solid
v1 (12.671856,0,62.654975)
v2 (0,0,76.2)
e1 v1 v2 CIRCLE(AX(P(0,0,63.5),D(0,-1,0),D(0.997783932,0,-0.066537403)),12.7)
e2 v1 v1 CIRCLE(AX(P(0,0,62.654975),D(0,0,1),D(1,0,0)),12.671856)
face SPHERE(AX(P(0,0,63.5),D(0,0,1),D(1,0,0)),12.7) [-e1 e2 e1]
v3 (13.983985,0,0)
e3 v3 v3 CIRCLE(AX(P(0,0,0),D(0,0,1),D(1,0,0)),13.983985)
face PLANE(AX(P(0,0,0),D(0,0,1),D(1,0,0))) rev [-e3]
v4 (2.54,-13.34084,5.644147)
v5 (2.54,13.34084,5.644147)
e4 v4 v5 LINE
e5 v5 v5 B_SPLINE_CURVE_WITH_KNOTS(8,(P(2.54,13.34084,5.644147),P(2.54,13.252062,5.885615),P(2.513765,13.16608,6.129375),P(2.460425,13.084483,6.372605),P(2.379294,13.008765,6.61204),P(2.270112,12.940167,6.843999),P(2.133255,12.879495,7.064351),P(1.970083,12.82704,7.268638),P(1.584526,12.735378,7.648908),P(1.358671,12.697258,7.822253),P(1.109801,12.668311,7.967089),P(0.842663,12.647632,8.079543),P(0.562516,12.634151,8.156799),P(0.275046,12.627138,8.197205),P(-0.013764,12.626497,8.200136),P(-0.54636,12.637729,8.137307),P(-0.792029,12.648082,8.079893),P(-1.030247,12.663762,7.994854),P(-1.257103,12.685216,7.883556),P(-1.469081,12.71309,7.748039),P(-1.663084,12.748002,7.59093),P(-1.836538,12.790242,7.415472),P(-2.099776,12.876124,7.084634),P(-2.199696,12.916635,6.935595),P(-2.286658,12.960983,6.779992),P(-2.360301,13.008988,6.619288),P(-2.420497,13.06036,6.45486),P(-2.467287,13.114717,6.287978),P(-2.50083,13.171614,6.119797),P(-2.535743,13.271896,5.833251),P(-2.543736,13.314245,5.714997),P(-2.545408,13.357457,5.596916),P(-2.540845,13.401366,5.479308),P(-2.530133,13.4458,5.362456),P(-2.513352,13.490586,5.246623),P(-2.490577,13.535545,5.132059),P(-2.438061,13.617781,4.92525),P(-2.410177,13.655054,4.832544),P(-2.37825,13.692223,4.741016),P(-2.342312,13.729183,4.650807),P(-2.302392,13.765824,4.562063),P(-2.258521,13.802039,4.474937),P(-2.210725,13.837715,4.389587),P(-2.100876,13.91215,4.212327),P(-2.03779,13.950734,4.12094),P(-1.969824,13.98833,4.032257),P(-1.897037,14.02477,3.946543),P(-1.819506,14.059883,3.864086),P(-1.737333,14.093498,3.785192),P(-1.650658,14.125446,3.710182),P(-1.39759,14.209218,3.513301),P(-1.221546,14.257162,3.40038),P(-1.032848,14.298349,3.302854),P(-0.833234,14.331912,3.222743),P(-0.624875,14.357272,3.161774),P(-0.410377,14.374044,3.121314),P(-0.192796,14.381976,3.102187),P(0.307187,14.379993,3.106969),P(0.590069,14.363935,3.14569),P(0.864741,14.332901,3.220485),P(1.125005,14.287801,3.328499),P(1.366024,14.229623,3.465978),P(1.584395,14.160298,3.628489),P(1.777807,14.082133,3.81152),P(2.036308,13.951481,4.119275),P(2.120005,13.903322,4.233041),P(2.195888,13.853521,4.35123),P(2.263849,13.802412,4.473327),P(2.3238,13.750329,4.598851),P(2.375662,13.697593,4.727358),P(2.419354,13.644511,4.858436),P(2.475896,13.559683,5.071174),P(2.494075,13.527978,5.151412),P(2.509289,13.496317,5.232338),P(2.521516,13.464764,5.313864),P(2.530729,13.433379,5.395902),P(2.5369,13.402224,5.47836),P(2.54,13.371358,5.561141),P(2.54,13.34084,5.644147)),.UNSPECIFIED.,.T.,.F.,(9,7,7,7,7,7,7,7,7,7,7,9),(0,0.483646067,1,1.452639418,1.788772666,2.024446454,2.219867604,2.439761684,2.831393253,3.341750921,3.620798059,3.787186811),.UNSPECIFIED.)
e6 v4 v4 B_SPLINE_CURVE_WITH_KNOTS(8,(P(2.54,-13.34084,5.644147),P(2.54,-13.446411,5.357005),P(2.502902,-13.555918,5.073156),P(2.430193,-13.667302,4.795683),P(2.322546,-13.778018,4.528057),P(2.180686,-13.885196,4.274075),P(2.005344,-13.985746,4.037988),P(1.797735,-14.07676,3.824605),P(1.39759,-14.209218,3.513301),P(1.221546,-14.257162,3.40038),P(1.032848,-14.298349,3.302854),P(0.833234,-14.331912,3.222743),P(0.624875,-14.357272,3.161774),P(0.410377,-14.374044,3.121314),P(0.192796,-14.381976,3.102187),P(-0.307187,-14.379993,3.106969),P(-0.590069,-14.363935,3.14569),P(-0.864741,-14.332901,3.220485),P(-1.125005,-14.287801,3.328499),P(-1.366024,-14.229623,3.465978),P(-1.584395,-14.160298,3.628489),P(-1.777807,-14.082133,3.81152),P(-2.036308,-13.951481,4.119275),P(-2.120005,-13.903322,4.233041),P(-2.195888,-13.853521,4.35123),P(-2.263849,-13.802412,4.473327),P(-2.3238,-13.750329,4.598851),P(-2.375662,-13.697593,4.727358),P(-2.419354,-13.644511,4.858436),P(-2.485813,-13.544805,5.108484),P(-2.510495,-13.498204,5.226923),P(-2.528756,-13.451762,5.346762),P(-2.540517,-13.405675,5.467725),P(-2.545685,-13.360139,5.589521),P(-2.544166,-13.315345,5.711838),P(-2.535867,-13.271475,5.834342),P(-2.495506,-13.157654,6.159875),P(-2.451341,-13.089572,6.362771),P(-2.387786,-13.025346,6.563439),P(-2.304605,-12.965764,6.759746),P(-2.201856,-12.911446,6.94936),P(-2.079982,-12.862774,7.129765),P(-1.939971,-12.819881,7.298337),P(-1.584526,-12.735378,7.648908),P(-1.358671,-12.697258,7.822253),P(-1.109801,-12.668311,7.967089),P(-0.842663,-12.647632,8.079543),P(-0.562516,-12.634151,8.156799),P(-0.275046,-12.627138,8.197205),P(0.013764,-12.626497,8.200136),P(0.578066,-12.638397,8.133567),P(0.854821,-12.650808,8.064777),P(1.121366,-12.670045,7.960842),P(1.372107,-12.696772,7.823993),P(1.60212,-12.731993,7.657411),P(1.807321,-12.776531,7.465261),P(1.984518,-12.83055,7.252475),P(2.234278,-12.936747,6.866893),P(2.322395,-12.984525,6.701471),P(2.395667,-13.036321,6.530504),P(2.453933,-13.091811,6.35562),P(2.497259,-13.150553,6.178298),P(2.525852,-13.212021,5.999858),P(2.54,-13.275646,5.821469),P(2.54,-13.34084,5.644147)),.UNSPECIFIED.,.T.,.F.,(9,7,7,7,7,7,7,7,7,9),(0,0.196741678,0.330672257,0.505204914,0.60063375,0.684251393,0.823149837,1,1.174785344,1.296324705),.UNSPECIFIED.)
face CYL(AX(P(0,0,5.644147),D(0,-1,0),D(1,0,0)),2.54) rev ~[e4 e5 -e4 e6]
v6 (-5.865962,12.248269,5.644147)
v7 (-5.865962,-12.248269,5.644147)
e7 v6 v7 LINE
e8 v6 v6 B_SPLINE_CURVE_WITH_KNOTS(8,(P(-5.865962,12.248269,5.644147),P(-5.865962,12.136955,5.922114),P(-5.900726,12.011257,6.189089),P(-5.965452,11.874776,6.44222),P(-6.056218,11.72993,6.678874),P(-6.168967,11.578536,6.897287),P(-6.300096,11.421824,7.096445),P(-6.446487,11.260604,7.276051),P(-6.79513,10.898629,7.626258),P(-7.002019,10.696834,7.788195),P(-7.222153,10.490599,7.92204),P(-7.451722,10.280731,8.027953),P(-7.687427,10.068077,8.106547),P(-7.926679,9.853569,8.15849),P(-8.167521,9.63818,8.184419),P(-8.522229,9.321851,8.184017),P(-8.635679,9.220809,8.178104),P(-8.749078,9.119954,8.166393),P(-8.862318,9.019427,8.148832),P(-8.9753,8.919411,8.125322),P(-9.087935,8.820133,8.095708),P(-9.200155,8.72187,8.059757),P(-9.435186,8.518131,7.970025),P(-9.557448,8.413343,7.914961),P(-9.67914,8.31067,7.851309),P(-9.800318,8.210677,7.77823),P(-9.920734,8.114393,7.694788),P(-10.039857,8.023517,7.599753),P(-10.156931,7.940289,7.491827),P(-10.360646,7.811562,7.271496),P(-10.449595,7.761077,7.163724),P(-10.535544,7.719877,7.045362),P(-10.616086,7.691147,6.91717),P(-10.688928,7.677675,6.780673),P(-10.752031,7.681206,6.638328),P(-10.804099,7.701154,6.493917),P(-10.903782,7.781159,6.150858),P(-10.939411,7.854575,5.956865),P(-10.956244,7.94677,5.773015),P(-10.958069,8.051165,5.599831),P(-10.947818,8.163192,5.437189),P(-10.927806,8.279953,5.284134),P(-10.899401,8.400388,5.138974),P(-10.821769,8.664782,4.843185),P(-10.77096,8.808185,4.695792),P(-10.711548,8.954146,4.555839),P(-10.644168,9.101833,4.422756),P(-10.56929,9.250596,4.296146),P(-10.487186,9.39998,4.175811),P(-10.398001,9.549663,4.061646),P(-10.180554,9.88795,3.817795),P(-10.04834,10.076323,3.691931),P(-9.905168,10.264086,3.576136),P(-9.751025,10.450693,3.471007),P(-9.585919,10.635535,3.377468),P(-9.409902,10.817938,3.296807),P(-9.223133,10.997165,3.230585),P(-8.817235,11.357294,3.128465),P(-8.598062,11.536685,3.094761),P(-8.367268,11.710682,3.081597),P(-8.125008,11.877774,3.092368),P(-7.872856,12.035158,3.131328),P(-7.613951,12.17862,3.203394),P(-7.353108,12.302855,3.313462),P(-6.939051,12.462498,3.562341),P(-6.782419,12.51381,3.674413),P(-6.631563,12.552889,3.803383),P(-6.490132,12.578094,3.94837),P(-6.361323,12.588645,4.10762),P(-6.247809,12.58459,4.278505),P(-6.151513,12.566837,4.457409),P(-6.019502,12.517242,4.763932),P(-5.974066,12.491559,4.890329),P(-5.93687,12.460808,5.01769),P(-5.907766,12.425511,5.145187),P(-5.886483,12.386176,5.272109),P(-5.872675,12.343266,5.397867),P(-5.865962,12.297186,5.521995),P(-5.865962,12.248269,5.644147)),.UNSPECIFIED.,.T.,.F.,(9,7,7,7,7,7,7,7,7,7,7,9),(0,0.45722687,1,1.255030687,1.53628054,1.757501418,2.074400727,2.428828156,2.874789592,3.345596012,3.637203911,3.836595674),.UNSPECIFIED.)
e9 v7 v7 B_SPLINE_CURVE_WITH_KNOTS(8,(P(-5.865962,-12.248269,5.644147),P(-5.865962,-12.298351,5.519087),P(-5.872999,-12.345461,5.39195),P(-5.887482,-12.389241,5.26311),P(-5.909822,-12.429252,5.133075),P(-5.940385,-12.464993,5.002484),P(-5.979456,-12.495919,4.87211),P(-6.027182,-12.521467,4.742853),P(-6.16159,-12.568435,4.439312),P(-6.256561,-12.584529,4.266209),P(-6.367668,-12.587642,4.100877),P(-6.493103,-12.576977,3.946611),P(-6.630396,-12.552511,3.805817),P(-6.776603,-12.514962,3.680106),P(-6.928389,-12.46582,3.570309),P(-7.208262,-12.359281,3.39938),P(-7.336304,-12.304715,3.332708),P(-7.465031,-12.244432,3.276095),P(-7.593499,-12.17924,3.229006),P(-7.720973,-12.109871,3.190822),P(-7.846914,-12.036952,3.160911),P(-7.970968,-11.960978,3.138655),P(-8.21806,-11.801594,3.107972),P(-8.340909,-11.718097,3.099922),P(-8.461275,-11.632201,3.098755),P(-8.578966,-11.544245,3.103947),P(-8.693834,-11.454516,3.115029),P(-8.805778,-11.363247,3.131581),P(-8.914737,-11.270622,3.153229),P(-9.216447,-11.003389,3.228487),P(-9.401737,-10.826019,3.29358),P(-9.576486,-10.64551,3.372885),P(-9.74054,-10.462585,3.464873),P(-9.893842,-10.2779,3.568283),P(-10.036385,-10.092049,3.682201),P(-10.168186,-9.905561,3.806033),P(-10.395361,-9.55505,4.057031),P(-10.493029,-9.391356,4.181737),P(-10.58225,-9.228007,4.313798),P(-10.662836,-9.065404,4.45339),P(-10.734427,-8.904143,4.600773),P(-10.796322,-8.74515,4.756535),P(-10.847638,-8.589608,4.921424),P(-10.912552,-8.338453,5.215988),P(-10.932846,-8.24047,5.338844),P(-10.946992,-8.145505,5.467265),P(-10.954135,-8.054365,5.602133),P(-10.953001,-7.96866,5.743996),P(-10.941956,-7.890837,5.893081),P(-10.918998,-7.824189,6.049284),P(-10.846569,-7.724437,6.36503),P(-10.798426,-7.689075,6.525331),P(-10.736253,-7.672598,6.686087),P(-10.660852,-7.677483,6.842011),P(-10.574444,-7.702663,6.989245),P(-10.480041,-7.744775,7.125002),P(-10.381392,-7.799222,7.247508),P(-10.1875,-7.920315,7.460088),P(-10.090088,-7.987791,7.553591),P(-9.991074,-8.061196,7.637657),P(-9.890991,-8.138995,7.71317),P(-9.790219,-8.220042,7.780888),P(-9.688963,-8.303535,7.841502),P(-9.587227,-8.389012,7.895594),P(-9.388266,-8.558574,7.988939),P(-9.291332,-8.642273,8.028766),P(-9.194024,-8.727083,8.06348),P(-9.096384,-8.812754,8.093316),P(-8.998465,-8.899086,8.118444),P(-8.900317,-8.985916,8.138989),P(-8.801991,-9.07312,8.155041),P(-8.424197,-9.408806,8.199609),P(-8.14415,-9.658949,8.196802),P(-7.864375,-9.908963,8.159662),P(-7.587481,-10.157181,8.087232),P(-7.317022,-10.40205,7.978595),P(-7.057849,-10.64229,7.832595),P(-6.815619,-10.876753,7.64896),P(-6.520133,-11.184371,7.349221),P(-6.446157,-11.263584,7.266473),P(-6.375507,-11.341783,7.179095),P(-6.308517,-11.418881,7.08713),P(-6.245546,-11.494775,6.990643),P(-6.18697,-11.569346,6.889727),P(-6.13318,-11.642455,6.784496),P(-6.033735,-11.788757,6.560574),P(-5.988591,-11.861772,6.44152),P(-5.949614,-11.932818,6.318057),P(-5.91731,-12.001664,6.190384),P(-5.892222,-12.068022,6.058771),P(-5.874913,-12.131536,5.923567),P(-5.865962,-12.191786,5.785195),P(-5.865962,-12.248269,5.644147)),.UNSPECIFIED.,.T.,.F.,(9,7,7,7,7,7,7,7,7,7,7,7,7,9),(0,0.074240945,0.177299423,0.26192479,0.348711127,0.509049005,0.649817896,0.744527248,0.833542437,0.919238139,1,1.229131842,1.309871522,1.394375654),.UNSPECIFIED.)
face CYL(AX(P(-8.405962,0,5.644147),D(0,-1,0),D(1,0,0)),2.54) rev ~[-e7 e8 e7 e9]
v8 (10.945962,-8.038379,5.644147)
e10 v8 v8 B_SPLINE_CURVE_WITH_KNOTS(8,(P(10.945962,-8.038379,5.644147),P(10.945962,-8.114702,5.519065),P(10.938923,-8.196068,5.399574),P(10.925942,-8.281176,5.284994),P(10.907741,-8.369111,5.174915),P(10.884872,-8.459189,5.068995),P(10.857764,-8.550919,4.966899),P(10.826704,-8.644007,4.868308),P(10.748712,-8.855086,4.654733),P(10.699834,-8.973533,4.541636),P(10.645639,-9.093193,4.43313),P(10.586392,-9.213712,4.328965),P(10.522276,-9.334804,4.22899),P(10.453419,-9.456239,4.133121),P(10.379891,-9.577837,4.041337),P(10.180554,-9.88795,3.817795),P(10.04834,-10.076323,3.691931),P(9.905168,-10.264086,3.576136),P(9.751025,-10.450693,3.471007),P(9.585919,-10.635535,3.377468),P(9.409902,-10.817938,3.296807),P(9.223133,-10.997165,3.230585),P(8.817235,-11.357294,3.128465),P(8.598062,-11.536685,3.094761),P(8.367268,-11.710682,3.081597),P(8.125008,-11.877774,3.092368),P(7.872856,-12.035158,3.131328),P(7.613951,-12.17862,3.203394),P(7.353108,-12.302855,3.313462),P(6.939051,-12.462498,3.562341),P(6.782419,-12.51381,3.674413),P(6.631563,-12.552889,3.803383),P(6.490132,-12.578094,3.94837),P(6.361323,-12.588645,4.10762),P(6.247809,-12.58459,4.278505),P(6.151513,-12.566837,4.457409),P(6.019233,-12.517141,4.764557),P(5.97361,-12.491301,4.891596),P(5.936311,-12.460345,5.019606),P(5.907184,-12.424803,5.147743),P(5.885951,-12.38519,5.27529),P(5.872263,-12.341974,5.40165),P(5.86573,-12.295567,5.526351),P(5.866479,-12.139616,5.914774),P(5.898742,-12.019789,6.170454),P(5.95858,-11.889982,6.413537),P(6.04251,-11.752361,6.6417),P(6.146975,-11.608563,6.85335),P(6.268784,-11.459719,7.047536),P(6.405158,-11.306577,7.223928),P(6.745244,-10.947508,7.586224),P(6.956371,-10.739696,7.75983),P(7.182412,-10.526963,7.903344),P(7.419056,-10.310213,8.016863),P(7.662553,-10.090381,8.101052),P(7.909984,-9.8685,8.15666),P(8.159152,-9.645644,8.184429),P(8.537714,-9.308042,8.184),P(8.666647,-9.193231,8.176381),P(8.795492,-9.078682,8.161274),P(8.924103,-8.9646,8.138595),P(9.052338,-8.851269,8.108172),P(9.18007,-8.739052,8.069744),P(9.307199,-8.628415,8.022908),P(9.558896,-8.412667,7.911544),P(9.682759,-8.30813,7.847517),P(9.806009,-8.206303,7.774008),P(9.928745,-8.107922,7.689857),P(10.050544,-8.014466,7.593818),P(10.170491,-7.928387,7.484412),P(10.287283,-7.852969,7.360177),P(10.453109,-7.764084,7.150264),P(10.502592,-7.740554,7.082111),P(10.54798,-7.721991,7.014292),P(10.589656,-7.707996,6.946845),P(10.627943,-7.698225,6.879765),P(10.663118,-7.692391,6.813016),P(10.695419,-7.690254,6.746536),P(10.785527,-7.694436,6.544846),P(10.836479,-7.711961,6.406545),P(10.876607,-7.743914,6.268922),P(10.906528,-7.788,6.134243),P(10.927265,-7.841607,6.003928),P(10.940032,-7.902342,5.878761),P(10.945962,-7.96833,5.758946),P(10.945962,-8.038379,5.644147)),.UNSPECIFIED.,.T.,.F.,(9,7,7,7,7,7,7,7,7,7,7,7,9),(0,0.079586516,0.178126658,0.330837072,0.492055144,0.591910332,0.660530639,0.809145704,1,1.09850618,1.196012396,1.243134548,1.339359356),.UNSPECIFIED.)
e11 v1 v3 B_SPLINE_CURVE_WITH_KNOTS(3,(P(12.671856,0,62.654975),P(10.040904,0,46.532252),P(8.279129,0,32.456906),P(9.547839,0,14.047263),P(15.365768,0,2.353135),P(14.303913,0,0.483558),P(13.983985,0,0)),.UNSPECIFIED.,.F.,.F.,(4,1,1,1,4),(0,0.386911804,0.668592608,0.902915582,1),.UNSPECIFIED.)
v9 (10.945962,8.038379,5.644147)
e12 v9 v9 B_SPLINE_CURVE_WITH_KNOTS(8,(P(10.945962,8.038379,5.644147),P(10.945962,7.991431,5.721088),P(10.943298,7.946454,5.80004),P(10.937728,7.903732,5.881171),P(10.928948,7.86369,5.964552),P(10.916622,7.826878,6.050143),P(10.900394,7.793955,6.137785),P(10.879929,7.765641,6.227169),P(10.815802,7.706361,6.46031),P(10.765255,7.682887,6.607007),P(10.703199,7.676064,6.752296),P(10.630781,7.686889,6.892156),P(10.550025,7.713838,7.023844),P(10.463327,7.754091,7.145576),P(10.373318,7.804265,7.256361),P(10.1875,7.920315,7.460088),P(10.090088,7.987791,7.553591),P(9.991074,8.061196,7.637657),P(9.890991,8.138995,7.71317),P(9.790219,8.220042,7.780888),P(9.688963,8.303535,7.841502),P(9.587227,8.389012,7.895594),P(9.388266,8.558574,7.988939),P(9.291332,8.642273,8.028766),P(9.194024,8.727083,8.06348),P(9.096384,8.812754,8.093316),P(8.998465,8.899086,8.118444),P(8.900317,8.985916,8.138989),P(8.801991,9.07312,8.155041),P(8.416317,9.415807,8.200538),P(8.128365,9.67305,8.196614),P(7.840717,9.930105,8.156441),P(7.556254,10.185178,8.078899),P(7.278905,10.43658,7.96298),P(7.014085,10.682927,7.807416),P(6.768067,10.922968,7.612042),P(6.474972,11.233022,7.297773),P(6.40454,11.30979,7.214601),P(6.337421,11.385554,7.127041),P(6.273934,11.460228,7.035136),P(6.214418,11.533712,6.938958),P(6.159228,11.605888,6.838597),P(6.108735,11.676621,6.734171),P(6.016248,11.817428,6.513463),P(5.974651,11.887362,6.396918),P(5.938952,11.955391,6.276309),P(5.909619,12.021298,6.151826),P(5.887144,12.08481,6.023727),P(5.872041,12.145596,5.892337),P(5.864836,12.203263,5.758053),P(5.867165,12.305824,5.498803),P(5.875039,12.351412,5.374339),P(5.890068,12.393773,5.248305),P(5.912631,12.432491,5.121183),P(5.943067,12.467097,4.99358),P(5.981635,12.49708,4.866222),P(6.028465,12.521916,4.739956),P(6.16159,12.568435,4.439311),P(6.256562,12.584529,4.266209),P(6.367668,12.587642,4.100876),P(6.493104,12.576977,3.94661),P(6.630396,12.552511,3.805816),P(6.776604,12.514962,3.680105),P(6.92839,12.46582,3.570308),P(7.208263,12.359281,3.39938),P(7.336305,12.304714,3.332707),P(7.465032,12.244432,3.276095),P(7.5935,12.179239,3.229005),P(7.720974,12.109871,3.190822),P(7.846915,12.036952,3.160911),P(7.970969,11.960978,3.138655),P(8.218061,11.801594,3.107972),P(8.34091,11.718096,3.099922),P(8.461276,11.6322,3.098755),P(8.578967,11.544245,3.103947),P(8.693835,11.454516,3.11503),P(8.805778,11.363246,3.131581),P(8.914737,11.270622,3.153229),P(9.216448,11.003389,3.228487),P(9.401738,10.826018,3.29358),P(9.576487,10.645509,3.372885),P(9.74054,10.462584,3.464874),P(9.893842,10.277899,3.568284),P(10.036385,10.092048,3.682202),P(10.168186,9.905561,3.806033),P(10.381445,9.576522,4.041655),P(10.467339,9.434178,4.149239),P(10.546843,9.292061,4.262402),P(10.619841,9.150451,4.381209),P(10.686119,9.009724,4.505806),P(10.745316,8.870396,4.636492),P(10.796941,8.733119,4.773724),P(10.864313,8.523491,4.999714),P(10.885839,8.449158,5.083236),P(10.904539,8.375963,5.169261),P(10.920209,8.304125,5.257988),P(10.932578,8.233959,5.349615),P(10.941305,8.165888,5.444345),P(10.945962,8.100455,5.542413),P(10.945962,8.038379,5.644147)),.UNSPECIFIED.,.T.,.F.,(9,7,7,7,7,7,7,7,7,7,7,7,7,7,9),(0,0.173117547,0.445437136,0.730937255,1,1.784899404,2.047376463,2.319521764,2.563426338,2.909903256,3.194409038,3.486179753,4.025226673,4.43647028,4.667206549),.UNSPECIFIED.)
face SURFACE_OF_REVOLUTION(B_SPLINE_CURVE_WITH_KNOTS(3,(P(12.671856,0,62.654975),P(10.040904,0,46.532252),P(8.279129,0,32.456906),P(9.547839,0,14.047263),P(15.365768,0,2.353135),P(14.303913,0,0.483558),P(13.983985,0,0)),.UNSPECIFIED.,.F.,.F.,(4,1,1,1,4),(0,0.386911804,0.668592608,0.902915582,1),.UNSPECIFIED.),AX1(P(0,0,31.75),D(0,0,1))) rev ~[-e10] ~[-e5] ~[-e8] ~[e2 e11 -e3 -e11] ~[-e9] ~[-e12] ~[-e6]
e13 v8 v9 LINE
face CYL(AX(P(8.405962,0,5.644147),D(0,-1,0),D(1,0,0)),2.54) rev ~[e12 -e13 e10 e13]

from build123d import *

# Parameters (mm, degrees)
F2_R     = 2.54
F3_DEPTH = 35.56


with BuildPart() as f1:
    # F0 (on Front) → F1 (revolve)
    with BuildSketch(Plane.XZ):
        with BuildLine():
            Line((0, 63.5), (0, 0))
            Line((0, 0), (13.9839846409, 0))
            add(Edge.make_bspline(
                [(12.6718559301, 62.6549749789), (10.0409044324, 46.5322519073), (8.2791290866, 32.4569064803), (9.5478393375, 14.047263352), (15.3657679629, 2.3531345384), (14.303912806, 0.4835576882), (13.9839846409, 0)],
                knots=[0, 0, 0, 0, 0.3869118039, 0.6685926084, 0.902915582, 1, 1, 1, 1], degree=3))
            ThreePointArc((12.6718559301, 62.6549749789), (9.2742066445, 72.1763524085), (0, 76.2))
            Line((0, 76.2), (0, 63.5))
        make_face()
    revolve(axis=Axis((0, 0, 31.75), (0, 0, 1)))

    # F2 (on Front) → F3 (cut, symmetric)
    with BuildSketch(Plane.XZ):
        with Locations((0, 5.6441472843)):
            Circle(F2_R)
        with Locations((8.4059617448, 5.6441472843)):
            Circle(F2_R)
        with Locations((-8.4059617448, 5.6441472843)):
            Circle(F2_R)
    extrude(amount=F3_DEPTH, both=True, mode=Mode.SUBTRACT)


solid = f1.part
